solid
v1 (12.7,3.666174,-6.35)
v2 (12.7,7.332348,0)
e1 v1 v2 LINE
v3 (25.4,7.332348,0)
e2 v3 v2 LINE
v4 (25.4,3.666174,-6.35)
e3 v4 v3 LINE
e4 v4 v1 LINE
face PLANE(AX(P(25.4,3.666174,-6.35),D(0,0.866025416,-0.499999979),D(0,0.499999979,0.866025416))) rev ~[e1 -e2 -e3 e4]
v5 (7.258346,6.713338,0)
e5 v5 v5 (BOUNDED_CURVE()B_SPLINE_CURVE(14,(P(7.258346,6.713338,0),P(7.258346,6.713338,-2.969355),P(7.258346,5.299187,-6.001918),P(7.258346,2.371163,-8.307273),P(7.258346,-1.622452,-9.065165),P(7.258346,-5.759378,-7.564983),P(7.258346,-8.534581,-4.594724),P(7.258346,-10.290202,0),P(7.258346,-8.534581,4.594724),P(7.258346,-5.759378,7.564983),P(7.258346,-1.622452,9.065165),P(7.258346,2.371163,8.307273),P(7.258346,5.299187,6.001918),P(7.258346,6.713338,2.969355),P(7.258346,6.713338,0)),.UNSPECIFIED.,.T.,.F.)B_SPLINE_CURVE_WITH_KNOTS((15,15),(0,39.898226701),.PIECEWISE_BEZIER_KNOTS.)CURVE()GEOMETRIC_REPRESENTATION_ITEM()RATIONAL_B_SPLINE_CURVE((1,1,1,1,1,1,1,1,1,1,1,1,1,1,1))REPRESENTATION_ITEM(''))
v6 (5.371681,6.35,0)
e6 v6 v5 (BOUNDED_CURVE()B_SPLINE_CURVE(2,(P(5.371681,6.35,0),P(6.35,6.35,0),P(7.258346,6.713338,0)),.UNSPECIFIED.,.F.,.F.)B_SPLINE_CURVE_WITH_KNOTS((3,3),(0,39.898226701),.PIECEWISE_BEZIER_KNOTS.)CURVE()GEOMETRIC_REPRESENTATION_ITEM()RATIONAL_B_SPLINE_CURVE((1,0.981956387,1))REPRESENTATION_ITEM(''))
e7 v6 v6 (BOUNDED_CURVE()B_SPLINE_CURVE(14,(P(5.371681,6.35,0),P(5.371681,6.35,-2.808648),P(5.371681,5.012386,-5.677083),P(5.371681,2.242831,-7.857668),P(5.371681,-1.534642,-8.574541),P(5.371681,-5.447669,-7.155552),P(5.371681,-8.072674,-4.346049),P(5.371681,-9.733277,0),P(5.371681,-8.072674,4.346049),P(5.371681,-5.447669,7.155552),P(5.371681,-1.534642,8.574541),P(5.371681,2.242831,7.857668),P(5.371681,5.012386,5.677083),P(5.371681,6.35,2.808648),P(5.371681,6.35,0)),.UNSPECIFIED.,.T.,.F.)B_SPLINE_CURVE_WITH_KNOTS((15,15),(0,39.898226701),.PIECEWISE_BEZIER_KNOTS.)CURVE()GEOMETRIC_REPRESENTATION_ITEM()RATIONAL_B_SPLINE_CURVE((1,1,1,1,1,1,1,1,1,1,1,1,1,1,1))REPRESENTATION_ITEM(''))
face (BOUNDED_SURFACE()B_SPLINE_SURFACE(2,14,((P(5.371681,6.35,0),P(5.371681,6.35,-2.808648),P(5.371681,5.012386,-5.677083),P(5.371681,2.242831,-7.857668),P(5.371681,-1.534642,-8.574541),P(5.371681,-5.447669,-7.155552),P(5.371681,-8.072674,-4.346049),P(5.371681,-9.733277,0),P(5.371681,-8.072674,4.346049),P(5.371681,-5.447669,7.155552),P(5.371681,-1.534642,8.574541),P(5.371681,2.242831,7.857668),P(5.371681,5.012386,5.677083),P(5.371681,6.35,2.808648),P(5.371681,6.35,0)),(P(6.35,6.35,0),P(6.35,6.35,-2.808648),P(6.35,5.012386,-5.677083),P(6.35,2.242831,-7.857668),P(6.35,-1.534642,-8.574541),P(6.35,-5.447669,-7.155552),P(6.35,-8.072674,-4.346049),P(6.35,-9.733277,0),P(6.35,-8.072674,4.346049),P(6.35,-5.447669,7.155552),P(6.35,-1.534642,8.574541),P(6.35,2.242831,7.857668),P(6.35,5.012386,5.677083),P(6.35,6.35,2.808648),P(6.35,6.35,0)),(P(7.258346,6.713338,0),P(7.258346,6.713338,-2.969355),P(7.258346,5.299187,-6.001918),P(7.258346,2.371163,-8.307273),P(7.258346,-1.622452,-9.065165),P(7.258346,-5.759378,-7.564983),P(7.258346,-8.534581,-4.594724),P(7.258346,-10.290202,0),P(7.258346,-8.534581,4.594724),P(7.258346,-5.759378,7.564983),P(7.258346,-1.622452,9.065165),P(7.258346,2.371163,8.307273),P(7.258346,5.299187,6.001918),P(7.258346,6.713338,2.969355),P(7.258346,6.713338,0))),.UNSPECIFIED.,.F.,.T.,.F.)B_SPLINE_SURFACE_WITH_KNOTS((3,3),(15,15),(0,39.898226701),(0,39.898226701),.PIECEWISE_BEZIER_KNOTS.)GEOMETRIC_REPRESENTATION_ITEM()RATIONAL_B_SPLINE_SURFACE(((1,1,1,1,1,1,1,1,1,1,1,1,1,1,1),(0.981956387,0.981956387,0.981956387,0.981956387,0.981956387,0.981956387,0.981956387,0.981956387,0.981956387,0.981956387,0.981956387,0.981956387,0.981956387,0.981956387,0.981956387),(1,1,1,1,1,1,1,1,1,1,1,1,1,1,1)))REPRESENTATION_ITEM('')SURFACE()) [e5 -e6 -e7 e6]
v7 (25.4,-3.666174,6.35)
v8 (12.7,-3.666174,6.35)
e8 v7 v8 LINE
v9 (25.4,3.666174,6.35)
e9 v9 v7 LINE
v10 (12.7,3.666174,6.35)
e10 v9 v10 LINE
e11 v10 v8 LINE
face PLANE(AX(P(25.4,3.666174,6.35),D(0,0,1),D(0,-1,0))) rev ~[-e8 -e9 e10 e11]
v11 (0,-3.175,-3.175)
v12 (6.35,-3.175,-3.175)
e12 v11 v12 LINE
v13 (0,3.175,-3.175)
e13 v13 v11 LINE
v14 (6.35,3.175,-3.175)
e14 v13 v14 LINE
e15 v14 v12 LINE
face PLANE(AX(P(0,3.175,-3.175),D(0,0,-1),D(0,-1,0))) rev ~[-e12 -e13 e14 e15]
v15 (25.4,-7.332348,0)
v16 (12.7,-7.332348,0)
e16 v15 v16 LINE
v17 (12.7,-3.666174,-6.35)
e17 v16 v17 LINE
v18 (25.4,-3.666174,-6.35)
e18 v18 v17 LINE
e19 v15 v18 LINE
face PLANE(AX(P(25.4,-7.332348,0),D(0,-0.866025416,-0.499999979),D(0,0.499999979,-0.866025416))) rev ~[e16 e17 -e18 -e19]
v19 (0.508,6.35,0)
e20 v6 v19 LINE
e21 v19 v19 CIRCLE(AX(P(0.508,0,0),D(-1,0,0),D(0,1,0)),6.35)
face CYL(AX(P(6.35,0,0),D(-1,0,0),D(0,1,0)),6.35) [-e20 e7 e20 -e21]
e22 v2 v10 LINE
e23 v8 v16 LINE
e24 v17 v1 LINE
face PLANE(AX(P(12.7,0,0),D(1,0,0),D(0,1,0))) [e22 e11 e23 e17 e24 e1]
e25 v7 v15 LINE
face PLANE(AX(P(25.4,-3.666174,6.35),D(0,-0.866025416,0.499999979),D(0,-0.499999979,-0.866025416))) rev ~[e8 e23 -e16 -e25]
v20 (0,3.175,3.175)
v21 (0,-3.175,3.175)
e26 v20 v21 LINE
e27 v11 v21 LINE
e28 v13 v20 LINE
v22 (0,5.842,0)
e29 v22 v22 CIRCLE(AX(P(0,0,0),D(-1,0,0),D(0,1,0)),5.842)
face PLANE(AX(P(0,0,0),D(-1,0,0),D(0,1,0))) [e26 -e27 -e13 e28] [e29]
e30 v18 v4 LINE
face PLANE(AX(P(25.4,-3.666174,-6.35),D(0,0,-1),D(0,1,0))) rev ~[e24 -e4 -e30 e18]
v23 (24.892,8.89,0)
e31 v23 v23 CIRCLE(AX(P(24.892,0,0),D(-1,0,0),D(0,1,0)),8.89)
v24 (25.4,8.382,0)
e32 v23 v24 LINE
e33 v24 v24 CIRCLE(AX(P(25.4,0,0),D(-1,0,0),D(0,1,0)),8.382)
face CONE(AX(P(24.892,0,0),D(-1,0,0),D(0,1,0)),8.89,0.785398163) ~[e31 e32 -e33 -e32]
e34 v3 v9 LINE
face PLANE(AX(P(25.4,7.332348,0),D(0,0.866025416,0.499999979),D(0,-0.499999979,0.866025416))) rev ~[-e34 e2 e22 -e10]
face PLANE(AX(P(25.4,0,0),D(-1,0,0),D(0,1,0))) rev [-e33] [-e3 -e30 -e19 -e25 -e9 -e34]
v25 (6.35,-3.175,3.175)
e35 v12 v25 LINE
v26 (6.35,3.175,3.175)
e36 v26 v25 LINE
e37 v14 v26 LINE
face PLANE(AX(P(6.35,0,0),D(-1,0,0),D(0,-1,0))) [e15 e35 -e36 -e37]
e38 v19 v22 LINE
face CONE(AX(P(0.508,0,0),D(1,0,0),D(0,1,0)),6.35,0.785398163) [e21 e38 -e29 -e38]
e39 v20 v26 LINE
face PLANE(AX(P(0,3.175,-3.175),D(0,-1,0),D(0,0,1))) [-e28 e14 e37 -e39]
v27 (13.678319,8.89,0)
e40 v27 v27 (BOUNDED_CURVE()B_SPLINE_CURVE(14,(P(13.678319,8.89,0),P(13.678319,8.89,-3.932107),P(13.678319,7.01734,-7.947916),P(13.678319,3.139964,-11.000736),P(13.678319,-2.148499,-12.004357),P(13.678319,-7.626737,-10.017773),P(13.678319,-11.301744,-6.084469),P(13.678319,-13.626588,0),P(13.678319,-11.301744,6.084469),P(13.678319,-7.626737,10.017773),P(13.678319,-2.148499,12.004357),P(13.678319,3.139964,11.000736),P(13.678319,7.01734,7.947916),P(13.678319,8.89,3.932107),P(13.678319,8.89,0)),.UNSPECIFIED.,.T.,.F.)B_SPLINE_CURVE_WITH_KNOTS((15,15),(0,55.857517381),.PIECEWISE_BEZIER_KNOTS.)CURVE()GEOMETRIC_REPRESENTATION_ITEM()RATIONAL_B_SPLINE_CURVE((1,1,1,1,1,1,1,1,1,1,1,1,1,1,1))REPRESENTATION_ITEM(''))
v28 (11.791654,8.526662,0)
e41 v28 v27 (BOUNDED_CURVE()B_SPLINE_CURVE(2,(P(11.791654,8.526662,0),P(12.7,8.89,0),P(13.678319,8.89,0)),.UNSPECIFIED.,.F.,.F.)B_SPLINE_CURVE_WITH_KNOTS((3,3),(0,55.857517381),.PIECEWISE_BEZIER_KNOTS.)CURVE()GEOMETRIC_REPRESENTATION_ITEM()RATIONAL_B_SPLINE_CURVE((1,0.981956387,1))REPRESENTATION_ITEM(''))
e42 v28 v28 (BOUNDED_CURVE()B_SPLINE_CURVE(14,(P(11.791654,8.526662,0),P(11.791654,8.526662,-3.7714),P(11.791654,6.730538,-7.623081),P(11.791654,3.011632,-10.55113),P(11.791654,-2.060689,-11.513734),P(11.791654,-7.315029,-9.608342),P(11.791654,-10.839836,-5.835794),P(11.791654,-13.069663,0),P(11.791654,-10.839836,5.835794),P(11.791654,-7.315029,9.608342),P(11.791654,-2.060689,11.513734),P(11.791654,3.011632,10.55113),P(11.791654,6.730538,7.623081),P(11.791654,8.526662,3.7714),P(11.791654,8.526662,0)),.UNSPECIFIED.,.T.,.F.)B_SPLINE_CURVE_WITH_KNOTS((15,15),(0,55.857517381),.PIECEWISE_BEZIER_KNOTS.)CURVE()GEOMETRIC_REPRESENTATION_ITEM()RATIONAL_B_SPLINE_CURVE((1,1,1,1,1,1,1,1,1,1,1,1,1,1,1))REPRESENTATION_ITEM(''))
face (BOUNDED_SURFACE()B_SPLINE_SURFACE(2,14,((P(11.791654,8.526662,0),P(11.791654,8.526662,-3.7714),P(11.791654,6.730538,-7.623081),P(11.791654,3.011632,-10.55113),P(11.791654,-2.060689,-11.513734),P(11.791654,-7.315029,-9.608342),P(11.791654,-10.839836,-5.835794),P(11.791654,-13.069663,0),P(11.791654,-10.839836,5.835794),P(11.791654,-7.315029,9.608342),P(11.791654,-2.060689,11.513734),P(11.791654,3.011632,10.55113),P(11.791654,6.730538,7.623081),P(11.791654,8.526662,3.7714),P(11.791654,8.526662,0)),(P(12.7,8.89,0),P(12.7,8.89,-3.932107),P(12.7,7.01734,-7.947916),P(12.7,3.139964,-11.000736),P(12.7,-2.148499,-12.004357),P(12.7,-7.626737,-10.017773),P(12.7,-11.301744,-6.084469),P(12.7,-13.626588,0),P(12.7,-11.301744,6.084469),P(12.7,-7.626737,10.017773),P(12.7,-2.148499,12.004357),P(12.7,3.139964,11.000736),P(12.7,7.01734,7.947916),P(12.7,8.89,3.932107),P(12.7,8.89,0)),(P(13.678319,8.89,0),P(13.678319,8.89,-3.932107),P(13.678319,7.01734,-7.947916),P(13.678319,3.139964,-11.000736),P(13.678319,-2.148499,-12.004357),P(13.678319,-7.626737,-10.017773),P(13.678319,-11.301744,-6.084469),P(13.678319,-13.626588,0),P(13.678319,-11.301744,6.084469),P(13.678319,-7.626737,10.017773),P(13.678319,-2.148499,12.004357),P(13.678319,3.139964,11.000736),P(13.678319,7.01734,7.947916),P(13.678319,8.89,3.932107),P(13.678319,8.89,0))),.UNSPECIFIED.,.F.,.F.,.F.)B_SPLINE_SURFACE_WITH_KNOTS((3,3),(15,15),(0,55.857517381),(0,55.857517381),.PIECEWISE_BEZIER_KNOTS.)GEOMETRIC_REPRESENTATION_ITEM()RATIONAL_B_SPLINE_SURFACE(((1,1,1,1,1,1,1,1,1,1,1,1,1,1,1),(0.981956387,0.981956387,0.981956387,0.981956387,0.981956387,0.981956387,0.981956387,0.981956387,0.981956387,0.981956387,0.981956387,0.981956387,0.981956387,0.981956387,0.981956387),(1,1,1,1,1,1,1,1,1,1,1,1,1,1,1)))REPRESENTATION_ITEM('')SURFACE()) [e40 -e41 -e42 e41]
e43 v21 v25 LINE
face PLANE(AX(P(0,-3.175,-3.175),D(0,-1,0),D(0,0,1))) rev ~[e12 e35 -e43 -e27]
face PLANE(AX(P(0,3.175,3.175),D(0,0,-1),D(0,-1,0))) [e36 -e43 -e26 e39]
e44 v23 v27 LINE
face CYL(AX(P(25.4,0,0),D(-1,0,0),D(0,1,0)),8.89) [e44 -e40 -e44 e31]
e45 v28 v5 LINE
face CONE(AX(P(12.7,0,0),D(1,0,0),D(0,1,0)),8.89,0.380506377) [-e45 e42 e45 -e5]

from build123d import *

# Parameters (mm, degrees)
F2_W     = 6.35
F2_H     = 6.35
F3_DEPTH = 6.35
F5_DEPTH = 12.7
F6_R     = 5.08
F7_SIZE  = 0.508


with BuildPart() as f1:
    # F0 (on Top) → F1 (revolve)
    with BuildSketch(Plane.XY):
        Polygon((0, 6.35), (0, 0), (25.4, 0), (25.4, 8.89), (12.7, 8.89), (6.35, 6.35), align=None)
    revolve(axis=Axis((-3.302, 0, 0), (-1, 0, 0)))

    # F2 (on face) → F3 (cut)
    with BuildSketch(Plane(origin=(0, 0, 0), x_dir=(0, -1, 0), z_dir=(-1, 0, 0))):
        Rectangle(F2_W, F2_H)
    extrude(amount=-F3_DEPTH, mode=Mode.SUBTRACT)

    # F4 (on face) → F5 (cut)
    with BuildSketch(Plane.YZ.offset(25.4)):
        Polygon((7.332348, 0), (3.666174, 6.35), (-3.666174, 6.35), (-7.332348, 0), (-3.666174, -6.35), (3.666174, -6.35), align=None)
    extrude(amount=-F5_DEPTH, mode=Mode.SUBTRACT)

    # F6
    f6_edges = [f1.edges().sort_by_distance(p)[0] for p in [
        (12.7, -8.89, 0),
        (6.35, -6.35, 0),
    ]]
    fillet(f6_edges, radius=F6_R)

    # F7
    f7_edges = [f1.edges().sort_by_distance(p)[0] for p in [
        (25.4, -8.89, 0),
        (0, -6.35, 0),
    ]]
    chamfer(f7_edges, length=F7_SIZE)


solid = f1.part
